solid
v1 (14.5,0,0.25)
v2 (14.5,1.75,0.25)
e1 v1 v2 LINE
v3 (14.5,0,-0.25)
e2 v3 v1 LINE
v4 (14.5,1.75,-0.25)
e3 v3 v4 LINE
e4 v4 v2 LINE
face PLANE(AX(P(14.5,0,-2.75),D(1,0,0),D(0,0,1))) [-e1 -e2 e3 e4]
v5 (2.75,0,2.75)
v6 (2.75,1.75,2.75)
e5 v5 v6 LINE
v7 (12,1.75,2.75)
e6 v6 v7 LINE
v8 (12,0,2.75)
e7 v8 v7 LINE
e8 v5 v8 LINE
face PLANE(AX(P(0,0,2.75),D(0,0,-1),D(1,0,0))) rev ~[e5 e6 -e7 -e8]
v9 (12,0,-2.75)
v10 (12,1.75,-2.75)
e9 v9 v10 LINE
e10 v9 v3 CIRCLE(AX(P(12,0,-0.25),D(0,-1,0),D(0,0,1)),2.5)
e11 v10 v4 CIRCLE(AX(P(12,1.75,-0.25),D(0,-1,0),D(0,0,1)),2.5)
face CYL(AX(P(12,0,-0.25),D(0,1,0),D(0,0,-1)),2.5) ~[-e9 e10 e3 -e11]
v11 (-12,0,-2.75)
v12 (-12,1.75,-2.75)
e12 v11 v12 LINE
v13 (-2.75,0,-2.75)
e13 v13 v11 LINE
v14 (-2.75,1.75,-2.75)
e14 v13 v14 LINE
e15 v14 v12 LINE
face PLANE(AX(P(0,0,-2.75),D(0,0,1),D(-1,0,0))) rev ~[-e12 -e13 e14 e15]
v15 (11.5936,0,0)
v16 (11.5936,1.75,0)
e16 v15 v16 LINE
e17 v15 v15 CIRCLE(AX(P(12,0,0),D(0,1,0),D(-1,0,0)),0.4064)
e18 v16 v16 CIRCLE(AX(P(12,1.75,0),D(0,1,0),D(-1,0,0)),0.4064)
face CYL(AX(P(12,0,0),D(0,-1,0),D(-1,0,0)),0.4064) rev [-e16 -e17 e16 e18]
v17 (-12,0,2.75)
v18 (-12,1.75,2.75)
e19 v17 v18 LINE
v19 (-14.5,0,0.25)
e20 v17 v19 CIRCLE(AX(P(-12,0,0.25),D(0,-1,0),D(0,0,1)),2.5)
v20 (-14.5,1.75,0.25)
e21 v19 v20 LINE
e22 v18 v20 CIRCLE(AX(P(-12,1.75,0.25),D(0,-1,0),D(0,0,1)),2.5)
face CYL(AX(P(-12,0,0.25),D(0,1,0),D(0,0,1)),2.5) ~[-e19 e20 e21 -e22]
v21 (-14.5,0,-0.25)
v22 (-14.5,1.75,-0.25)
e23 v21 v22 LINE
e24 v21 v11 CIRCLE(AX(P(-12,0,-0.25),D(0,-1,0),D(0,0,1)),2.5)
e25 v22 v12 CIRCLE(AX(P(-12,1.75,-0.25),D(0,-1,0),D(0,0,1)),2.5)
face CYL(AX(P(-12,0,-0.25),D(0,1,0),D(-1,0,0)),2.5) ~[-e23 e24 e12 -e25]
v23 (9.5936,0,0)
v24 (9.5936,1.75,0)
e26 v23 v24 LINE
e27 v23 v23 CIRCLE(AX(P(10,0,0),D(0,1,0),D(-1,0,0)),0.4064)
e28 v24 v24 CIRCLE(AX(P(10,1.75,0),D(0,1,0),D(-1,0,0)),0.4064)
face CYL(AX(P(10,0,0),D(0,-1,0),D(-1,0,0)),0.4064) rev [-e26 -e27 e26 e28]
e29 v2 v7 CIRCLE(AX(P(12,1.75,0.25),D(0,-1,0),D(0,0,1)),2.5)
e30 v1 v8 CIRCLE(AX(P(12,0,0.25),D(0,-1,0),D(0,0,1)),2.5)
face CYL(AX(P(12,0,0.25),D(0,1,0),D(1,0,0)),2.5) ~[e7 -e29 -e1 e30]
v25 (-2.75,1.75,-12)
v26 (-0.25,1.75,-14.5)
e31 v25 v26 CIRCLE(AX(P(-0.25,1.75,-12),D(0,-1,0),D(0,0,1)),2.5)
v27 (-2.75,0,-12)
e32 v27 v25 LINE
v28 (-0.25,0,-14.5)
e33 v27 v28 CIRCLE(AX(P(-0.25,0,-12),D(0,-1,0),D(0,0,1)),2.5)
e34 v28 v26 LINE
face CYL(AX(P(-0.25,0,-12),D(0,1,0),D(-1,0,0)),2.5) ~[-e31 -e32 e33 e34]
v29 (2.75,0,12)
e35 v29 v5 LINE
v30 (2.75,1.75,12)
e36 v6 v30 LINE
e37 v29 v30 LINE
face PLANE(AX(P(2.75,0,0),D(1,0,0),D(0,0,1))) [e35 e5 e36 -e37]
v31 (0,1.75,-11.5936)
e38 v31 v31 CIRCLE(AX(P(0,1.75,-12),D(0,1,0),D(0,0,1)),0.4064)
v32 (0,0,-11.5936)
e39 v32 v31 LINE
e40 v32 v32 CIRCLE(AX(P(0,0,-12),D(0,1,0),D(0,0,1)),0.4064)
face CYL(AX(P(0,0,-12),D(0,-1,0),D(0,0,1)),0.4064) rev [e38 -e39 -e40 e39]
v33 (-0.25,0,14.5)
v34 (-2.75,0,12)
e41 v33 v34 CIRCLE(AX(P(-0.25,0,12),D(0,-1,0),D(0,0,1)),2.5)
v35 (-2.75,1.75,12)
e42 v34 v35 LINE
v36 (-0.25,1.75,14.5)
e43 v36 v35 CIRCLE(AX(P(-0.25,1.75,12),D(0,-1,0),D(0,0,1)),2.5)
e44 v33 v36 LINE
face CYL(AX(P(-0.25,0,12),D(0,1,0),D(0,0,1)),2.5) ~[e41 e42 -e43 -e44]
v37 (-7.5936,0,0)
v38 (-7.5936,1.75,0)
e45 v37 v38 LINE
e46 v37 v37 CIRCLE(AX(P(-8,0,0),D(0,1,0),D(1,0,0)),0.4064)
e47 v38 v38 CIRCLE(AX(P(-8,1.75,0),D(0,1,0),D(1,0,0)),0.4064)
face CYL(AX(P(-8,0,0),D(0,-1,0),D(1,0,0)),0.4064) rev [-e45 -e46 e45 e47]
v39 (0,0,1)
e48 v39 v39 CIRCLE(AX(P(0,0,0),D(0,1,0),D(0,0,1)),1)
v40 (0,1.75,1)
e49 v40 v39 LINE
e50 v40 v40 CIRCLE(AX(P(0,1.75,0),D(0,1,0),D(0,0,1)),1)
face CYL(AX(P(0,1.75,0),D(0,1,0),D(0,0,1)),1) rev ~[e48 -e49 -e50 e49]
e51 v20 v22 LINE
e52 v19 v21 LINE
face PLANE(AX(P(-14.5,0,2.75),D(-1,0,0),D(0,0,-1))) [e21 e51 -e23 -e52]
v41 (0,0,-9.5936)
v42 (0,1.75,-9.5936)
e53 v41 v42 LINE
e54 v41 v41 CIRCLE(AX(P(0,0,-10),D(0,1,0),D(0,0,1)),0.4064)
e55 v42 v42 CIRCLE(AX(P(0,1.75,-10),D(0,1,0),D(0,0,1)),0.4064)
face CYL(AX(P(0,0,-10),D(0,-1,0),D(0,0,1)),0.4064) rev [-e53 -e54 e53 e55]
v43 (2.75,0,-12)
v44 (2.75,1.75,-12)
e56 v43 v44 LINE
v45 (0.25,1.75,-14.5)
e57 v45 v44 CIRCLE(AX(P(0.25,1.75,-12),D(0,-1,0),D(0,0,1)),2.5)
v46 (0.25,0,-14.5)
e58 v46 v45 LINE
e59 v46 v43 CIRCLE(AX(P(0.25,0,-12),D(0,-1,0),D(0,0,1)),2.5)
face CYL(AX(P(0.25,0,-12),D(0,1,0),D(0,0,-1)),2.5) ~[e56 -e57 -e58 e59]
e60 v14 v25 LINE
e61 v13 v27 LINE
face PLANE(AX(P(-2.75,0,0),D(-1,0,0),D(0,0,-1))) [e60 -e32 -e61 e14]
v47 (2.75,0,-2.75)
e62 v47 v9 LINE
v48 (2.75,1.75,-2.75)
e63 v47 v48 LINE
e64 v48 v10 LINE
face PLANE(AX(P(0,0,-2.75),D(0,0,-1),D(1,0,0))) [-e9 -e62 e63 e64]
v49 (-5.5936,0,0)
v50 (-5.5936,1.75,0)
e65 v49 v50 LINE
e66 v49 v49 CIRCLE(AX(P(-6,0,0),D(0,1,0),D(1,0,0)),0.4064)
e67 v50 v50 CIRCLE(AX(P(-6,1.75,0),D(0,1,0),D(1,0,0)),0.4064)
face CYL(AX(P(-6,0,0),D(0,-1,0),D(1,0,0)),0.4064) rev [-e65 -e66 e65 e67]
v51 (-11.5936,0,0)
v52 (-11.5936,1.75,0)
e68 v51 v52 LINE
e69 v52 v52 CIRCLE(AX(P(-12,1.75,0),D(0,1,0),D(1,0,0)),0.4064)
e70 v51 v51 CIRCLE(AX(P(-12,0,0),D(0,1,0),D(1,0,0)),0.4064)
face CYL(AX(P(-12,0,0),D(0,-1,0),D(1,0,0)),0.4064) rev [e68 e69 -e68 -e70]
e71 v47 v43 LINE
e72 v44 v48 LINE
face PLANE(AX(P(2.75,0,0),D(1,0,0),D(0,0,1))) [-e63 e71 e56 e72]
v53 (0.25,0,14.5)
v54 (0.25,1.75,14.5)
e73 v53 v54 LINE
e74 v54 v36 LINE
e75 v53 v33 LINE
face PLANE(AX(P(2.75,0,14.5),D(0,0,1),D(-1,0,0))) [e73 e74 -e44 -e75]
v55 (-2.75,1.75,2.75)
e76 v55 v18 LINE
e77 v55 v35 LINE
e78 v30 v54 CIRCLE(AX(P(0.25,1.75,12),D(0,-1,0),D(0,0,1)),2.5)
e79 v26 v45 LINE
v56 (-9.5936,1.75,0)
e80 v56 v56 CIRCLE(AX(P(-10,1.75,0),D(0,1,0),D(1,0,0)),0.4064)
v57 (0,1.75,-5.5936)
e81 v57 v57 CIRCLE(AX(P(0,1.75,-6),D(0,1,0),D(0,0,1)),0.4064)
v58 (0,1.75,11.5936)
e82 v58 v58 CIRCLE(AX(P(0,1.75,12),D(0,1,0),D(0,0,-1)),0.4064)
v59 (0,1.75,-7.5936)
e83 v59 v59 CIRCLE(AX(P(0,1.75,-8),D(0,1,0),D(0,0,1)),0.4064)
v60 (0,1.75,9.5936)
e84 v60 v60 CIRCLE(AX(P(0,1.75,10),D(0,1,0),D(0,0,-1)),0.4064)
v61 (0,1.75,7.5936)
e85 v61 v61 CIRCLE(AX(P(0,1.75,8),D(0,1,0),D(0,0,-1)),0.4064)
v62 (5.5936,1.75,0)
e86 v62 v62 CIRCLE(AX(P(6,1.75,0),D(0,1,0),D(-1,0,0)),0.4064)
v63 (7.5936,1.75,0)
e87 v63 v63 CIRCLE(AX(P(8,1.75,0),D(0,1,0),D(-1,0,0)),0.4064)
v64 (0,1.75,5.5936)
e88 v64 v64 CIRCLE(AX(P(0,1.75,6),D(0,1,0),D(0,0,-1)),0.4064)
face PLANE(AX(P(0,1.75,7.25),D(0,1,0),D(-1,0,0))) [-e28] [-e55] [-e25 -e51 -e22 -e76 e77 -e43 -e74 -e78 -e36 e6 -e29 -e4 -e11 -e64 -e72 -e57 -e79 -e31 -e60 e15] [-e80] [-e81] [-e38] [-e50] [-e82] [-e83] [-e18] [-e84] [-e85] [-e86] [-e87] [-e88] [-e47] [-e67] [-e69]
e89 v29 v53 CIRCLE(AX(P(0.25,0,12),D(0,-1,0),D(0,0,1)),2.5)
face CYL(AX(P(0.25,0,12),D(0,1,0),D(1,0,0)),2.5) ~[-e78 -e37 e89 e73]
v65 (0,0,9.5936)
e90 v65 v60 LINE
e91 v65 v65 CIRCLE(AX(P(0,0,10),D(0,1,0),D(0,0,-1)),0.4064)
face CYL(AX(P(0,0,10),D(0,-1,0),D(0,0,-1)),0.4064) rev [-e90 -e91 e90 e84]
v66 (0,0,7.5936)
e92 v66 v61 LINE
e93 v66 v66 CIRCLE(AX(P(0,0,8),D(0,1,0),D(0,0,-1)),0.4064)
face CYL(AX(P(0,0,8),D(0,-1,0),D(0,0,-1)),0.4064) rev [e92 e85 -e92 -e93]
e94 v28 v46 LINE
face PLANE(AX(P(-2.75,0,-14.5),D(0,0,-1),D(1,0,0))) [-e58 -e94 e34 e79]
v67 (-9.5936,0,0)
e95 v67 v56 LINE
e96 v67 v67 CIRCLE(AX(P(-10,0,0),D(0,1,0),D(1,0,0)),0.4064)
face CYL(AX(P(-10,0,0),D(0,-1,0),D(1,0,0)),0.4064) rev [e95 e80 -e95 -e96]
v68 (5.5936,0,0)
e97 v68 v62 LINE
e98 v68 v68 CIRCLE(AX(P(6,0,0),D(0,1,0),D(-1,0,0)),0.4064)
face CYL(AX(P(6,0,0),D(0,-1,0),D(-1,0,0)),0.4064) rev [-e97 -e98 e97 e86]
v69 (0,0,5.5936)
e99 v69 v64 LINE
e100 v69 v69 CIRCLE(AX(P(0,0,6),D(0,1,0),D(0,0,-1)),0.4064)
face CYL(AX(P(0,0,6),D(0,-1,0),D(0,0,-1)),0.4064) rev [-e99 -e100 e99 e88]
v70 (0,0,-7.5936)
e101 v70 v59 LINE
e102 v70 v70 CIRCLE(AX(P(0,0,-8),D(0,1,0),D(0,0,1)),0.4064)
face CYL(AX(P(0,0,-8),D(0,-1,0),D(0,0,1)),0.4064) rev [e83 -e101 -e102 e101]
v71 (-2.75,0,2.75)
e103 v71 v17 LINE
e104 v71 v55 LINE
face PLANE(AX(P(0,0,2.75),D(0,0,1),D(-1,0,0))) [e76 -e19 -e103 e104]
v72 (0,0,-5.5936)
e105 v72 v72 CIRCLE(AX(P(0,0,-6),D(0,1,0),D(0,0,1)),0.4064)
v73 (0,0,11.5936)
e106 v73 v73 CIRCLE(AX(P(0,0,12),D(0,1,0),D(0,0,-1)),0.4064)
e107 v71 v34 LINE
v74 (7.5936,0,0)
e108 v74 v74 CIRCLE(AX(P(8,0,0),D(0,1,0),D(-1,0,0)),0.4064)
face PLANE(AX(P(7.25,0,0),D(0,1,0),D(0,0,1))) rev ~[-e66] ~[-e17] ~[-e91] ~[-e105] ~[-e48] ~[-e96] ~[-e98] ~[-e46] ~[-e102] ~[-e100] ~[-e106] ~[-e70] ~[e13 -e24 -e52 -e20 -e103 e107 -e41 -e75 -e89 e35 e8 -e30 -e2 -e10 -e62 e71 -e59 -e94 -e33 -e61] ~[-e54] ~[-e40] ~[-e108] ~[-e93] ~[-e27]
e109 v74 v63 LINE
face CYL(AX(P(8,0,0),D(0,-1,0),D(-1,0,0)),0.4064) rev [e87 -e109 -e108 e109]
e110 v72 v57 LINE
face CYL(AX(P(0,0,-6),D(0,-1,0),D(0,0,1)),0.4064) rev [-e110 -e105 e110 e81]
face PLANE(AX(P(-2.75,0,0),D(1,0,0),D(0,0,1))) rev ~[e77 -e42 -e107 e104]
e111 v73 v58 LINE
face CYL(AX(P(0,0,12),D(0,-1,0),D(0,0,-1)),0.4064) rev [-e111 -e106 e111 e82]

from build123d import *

# Parameters (mm, degrees)
SKETCH1_W                = 5.5
SKETCH1_H                = 14.5
SKETCH1_R                = 0.4064
BOSS_EXTRUDE1_DEPTH      = 1.75
FILLET1_R                = 2.5
CIRPATTERN1_COUNT        = 4
FILLET1_OF_CIRPATTERN1_R = 2.5
CUT_EXTRUDE1_REACH       = 22.581
SKETCH2_R                = 1


with BuildPart() as part:
    # Sketch1 → Boss-Extrude1 (new body)
    with BuildSketch(Plane(origin=(0, 0, 0), x_dir=(1, 0, 0), z_dir=(0, 1, 0))):
        with Locations((0, 7.25)):
            Rectangle(SKETCH1_W, SKETCH1_H)
        with Locations((0, 12)):
            Circle(SKETCH1_R, mode=Mode.SUBTRACT)
        with Locations((0, 10)):
            Circle(SKETCH1_R, mode=Mode.SUBTRACT)
        with Locations((0, 8)):
            Circle(SKETCH1_R, mode=Mode.SUBTRACT)
        with Locations((0, 6)):
            Circle(SKETCH1_R, mode=Mode.SUBTRACT)
    boss_extrude1 = extrude(amount=BOSS_EXTRUDE1_DEPTH)

    # Fillet1
    fillet1_edges = [part.edges().sort_by_distance(p)[0] for p in [
        (-2.75, 0.875, -14.5),
        (2.75, 0.875, -14.5),
    ]]
    fillet(fillet1_edges, radius=FILLET1_R)

    # CirPattern1: Boss-Extrude1 ×4 about axis
    cirpattern1_axis = Axis((0, 0, 0), (0, 1, 0))
    for i in range(1, CIRPATTERN1_COUNT):
        add(boss_extrude1.rotate(cirpattern1_axis, i * 360 / CIRPATTERN1_COUNT))

    # Fillet1 of CirPattern1
    fillet1_of_cirpattern1_edges = [part.edges().sort_by_distance(p)[0] for p in [
        (-14.5, 0.875, 2.75),
        (-14.5, 0.875, -2.75),
        (2.75, 0.875, 14.5),
        (-2.75, 0.875, 14.5),
        (14.5, 0.875, -2.75),
        (14.5, 0.875, 2.75),
    ]]
    fillet(fillet1_of_cirpattern1_edges, radius=FILLET1_OF_CIRPATTERN1_R)

    # Sketch2 → Cut-Extrude1 (cut, up to next)
    with BuildSketch(Plane(origin=(0, 1.75, 0), x_dir=(1, 0, 0), z_dir=(0, 1, 0)), mode=Mode.PRIVATE) as cut_extrude1_sk1:
        Circle(SKETCH2_R)
    cut_extrude1_tool1 = extrude(cut_extrude1_sk1.sketch, amount=-CUT_EXTRUDE1_REACH, mode=Mode.PRIVATE) & part.part
    add(cut_extrude1_tool1.solids().sort_by_distance((0, 1.75, 0))[0], mode=Mode.SUBTRACT)


solid = part.part
